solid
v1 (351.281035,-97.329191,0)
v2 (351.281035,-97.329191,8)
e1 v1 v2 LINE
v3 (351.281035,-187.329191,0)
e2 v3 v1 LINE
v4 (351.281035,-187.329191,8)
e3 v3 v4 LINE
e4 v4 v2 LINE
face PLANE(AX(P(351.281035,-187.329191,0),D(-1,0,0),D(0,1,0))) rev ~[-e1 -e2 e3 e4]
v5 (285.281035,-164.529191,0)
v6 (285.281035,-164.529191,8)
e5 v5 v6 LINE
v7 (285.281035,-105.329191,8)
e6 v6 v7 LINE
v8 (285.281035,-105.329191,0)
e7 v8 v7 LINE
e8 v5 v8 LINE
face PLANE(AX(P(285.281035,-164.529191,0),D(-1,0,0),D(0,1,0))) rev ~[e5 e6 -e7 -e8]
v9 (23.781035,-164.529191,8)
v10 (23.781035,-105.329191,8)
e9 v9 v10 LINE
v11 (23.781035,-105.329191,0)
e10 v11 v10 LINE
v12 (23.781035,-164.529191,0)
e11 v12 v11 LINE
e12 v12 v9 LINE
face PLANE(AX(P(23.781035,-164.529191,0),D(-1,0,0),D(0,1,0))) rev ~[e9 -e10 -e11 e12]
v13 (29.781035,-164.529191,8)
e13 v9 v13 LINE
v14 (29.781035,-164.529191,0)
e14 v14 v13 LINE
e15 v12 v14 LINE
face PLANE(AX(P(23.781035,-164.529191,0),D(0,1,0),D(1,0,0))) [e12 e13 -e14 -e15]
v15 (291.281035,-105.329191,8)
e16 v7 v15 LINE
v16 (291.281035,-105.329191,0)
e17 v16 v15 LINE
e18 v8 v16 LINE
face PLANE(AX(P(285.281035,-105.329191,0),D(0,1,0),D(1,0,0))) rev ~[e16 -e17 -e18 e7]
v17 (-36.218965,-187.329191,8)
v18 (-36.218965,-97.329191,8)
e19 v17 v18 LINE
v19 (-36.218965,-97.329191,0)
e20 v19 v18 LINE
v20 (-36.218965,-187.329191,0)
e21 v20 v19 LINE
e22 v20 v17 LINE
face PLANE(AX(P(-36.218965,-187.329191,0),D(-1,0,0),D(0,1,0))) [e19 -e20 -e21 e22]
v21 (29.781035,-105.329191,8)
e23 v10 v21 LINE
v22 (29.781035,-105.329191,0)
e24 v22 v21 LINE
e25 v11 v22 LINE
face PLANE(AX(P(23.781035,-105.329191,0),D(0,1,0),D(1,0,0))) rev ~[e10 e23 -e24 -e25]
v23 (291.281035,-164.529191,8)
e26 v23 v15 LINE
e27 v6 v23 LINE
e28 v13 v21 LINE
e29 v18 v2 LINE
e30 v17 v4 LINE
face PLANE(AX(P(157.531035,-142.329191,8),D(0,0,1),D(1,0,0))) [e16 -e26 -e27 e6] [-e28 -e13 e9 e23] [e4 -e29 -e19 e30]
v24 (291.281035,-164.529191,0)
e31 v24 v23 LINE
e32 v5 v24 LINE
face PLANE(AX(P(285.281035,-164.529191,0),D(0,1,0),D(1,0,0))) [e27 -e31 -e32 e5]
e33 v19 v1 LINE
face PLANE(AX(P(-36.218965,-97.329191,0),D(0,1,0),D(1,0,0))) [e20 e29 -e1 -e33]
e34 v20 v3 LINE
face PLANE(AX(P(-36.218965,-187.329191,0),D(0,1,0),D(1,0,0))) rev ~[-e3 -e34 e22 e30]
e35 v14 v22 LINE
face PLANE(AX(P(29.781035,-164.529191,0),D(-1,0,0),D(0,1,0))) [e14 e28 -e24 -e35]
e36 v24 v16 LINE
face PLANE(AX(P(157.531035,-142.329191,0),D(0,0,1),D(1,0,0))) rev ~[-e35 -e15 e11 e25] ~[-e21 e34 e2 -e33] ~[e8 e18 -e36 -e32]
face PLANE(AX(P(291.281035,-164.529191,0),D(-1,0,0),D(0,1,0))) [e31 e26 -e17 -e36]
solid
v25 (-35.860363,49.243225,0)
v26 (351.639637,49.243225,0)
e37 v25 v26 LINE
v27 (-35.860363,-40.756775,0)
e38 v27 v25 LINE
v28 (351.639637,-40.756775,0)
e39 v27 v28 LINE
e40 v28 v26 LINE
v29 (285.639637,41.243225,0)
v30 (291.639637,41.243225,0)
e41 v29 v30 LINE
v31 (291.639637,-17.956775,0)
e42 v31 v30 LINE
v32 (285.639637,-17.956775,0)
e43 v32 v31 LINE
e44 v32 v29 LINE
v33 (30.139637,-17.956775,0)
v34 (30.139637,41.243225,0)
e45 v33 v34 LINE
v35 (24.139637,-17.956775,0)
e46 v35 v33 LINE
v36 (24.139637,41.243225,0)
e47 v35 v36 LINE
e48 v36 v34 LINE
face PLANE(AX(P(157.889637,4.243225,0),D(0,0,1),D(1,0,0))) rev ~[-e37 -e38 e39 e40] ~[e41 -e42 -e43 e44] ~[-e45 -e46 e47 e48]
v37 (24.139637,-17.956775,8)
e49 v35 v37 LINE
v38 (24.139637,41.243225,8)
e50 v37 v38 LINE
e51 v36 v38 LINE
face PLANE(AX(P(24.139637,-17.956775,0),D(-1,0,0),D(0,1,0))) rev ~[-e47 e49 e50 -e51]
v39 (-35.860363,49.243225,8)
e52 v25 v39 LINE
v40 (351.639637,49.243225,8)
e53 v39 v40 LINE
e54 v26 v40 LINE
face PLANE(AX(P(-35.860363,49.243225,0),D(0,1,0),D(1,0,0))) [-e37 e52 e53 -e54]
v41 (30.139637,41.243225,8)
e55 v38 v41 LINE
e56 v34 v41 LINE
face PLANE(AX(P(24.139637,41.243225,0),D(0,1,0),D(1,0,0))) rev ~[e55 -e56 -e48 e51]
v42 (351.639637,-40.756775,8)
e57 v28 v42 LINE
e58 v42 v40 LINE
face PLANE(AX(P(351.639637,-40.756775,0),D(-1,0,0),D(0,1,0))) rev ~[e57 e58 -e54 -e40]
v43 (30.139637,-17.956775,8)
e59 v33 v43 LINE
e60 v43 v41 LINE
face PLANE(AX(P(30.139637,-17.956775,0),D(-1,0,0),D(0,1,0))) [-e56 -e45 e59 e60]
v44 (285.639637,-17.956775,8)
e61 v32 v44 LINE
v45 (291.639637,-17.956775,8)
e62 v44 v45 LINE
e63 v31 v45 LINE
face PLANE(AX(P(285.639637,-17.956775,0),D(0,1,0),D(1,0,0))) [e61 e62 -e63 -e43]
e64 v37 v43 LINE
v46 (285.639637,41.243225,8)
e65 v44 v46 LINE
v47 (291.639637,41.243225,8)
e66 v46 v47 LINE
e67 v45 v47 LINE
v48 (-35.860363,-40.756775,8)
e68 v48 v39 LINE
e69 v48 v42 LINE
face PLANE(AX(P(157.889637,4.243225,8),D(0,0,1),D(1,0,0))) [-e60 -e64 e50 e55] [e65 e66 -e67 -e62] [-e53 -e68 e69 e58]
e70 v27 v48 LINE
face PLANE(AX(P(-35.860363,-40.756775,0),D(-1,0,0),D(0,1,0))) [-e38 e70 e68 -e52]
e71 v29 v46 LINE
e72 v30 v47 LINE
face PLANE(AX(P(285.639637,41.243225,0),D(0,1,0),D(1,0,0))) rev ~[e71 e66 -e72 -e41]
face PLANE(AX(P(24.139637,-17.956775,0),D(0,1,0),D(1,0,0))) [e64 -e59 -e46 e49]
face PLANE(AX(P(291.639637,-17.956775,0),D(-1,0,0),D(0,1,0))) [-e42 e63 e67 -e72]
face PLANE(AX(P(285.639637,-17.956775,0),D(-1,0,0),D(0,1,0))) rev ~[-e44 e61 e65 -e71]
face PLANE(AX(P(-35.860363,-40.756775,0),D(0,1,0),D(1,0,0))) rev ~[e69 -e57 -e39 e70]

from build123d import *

# Parameters (mm, degrees)
F0_W     = 387.5
F0_H     = 90
F0_W_2   = 6
F0_H_2   = 59.2
F1_DEPTH = 8
F2_DEPTH = 8


with BuildPart() as f1:
    # F0 (on Top) → F1 (new body)
    with BuildSketch(Plane.XY):
        with Locations((157.889637, 4.243225)):
            Rectangle(F0_W, F0_H)
        with Locations((27.139637, 11.643225)):
            Rectangle(F0_W_2, F0_H_2, mode=Mode.SUBTRACT)
        with Locations((288.639637, 11.643225)):
            Rectangle(F0_W_2, F0_H_2, mode=Mode.SUBTRACT)
    extrude(amount=F1_DEPTH)


with BuildPart() as f2:
    # F0 (on Top) → F2 (new body)
    with BuildSketch(Plane.XY):
        with Locations((157.531035, -142.329191)):
            Rectangle(F0_W, F0_H)
        with Locations((26.781035, -134.929191)):
            Rectangle(F0_W_2, F0_H_2, mode=Mode.SUBTRACT)
        with Locations((288.281035, -134.929191)):
            Rectangle(F0_W_2, F0_H_2, mode=Mode.SUBTRACT)
    extrude(amount=F2_DEPTH)


solid = Compound([f1.part, f2.part])
